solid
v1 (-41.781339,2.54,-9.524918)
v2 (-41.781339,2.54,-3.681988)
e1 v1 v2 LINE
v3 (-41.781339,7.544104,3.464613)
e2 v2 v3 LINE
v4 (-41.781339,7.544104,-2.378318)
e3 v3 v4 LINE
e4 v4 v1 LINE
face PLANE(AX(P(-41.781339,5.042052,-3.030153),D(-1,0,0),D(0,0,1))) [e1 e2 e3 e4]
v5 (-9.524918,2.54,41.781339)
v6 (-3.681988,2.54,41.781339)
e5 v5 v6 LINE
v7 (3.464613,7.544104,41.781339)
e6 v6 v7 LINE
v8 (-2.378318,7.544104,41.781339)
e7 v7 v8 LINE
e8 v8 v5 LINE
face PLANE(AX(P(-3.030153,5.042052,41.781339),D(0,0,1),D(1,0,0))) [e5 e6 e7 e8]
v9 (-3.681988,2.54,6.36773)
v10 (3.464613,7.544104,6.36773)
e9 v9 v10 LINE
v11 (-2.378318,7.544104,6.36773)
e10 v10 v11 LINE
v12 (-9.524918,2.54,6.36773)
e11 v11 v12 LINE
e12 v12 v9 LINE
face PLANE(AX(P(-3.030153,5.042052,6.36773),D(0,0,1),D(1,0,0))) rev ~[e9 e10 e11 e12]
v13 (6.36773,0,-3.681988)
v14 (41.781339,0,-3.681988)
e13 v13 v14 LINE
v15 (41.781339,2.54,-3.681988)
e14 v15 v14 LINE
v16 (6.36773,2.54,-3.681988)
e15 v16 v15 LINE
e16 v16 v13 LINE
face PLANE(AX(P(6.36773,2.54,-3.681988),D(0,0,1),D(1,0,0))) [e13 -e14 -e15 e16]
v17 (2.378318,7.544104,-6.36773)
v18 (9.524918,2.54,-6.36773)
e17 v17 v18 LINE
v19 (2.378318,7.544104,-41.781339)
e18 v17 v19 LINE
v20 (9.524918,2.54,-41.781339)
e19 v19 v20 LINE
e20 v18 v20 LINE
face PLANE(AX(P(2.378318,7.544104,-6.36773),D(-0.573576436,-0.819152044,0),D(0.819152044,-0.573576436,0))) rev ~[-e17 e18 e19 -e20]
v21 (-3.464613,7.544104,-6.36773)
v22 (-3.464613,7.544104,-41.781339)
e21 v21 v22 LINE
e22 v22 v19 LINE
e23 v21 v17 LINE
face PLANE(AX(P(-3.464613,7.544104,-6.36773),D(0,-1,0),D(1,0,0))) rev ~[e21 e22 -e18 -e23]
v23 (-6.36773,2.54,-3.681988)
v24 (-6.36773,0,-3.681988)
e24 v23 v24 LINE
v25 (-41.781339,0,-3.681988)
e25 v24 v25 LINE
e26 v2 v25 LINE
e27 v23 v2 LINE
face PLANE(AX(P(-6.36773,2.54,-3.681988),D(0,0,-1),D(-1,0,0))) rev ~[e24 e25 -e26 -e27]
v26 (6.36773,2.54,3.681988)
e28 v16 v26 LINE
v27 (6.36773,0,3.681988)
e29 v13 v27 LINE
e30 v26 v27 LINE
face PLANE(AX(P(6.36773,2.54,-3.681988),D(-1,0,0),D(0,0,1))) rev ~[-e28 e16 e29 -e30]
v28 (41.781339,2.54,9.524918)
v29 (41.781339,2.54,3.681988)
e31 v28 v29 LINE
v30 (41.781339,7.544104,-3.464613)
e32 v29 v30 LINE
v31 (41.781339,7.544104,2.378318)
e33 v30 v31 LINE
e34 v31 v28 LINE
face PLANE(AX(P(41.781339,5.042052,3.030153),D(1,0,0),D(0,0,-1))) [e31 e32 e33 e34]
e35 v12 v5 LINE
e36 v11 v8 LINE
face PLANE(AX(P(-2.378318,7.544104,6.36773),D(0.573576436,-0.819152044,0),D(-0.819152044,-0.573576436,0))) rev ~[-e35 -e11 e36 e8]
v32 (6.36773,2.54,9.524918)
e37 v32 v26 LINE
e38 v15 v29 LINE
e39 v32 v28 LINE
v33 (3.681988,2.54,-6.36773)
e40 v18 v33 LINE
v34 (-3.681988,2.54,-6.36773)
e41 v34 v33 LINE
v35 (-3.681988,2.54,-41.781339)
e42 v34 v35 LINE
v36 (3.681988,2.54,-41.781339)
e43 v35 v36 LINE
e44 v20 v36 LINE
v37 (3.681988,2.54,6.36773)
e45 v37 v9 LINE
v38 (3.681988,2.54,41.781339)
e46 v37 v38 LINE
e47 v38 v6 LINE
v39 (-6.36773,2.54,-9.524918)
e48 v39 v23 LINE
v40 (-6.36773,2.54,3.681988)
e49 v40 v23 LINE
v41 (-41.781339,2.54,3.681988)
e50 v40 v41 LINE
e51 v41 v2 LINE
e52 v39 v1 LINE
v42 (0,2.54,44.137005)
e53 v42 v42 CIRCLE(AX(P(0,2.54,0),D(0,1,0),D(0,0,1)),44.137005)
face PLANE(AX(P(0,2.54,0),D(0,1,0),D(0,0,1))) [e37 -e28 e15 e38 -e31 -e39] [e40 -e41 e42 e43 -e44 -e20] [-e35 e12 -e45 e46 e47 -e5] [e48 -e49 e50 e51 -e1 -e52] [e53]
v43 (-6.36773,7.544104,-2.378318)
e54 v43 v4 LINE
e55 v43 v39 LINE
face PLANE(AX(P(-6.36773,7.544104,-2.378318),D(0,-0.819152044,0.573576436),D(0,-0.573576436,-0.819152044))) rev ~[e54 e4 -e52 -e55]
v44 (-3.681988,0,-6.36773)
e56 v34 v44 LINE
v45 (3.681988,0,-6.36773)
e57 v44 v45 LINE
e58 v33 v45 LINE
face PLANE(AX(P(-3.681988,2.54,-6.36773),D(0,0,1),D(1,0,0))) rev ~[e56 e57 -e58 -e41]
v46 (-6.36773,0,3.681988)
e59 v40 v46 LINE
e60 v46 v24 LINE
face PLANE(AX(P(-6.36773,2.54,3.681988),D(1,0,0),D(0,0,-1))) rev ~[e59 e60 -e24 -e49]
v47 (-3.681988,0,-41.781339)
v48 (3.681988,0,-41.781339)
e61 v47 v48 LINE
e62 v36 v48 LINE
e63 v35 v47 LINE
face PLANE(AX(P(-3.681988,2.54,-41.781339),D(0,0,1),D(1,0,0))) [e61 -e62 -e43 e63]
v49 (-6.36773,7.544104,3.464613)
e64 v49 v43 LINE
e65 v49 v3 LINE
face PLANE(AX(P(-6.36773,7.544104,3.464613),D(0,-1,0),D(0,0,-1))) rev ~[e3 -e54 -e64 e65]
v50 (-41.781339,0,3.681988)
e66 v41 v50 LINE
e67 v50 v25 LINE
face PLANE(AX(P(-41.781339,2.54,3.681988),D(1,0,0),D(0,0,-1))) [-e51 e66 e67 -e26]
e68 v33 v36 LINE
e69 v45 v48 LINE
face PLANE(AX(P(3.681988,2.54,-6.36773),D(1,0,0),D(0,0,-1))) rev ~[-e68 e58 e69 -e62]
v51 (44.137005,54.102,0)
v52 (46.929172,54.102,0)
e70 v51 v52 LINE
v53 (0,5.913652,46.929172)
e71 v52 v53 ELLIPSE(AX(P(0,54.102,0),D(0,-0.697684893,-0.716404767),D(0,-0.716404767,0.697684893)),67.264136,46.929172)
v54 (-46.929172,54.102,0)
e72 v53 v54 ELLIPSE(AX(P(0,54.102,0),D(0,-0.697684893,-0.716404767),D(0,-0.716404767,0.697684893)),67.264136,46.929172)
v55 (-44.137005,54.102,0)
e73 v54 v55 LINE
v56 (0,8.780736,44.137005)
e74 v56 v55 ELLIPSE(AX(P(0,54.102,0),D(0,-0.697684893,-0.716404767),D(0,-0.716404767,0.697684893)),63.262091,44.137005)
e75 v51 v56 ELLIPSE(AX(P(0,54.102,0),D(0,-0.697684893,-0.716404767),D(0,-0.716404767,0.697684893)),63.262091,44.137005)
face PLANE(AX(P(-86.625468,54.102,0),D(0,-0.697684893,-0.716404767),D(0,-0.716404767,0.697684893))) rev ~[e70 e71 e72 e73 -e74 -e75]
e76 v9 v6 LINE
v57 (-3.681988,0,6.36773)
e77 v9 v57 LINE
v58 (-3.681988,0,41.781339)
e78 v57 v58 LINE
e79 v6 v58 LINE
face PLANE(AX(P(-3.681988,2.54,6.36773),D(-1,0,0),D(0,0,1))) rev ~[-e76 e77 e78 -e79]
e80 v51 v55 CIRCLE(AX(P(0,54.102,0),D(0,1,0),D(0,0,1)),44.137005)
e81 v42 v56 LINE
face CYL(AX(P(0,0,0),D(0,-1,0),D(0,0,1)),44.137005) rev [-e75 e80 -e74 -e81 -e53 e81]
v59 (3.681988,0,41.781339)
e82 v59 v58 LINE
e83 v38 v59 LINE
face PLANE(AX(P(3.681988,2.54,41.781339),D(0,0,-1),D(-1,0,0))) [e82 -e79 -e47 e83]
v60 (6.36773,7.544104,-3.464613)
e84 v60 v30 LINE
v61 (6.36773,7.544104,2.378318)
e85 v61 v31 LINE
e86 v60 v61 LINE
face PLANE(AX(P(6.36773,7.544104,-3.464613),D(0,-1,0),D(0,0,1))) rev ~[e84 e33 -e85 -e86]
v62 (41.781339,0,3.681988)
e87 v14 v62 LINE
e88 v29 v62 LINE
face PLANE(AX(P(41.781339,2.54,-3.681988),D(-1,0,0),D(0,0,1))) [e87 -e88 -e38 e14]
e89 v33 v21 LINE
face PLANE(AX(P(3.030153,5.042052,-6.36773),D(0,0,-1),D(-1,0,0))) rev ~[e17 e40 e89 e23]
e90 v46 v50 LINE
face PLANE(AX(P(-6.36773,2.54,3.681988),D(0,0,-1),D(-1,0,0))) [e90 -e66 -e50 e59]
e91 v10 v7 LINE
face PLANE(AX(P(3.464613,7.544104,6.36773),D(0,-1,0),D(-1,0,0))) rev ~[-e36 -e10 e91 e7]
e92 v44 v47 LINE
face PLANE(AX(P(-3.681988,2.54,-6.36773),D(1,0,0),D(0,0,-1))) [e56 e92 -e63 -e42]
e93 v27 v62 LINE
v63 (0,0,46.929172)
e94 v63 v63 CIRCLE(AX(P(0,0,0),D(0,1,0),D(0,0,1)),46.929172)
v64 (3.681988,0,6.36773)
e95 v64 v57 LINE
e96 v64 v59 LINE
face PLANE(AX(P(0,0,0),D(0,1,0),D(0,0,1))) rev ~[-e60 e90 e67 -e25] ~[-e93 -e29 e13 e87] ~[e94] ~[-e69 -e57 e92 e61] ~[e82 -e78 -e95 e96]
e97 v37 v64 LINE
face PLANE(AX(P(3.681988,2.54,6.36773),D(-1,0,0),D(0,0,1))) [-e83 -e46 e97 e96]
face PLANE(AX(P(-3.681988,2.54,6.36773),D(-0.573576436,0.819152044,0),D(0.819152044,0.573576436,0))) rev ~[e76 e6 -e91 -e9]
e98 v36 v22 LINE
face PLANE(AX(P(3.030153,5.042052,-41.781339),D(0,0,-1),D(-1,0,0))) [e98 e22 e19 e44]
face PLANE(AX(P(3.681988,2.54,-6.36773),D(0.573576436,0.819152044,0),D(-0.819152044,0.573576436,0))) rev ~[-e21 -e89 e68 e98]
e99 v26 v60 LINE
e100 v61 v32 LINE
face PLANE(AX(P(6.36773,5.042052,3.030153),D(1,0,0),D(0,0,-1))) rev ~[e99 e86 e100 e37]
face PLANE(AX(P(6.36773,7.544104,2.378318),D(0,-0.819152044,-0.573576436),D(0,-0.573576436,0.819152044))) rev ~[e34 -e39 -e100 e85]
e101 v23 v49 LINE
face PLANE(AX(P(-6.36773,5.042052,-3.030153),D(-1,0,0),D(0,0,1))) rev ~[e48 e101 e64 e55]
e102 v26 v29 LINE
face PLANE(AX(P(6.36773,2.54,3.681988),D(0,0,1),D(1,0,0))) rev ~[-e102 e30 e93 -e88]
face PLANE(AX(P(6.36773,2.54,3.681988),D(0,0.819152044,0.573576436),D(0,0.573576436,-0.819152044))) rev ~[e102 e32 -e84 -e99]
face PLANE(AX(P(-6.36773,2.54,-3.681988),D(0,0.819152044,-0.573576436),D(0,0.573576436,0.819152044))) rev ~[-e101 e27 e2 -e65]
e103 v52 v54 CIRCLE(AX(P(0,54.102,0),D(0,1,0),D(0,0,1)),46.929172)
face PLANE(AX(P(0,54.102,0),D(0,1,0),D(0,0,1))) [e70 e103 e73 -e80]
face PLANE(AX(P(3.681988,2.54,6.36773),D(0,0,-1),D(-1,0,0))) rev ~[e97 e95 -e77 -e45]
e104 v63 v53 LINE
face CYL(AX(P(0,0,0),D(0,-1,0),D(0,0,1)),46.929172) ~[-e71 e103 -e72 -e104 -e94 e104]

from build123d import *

# Parameters (mm, degrees)
SKETCH1_R               = 44.137005248
BOSS_EXTRUDE1_DEPTH     = 2.54
SKETCH2_W               = 7.363975328
SKETCH2_H               = 35.413609254
CUT_EXTRUDE1_DEPTH      = 2.54
BOSS_EXTRUDE2_START     = -6.36773
BOSS_EXTRUDE2_DEPTH     = 35.413609254
CIRPATTERN3_COUNT       = 4
SKETCH6_R               = 46.929171811
SKETCH6_R_2             = 44.137005248
BOSS_EXTRUDE3_DEPTH     = 54.102
CUT_EXTRUDE2_DEPTH      = 86.62546781
CUT_EXTRUDE2_DEPTH_BACK = 86.62546781


with BuildPart() as part:
    # Sketch1 → Boss-Extrude1 (new body)
    with BuildSketch(Plane(origin=(0, 0, 0), x_dir=(1, 0, 0), z_dir=(0, 1, 0))):
        with Locations(Location((0, 0, 0), (0, 0, 270))):
            Circle(SKETCH1_R)
    extrude(amount=BOSS_EXTRUDE1_DEPTH)

    # Sketch2 → Cut-Extrude1 (cut)
    with BuildSketch(Plane(origin=(0, 2.54, 0), x_dir=(1, 0, 0), z_dir=(0, 1, 0))):
        with Locations((0, 24.074534725)):
            Rectangle(SKETCH2_W, SKETCH2_H)
    cut_extrude1 = extrude(amount=-CUT_EXTRUDE1_DEPTH, mode=Mode.SUBTRACT)

    # Sketch3 → Boss-Extrude2 (add)
    with BuildSketch(Plane.XY.offset(BOSS_EXTRUDE2_START)):
        Polygon((3.681987664, 2.54), (-3.464612865, 7.544103563), (2.37831785, 7.544103563), (9.524918378, 2.54), align=None)
    boss_extrude2 = extrude(amount=-BOSS_EXTRUDE2_DEPTH)

    # CirPattern3: Cut-Extrude1, Boss-Extrude2 ×4 about axis
    cirpattern3_axis = Axis((0, 0, 0), (0, 1, 0))
    add([cut_extrude1.rotate(cirpattern3_axis, i * 360 / CIRPATTERN3_COUNT) for i in range(1, CIRPATTERN3_COUNT)], mode=Mode.SUBTRACT)
    add([boss_extrude2.rotate(cirpattern3_axis, i * 360 / CIRPATTERN3_COUNT) for i in range(1, CIRPATTERN3_COUNT)])

    # Sketch6 → Boss-Extrude3 (add)
    with BuildSketch(Plane(origin=(0, 0, 0), x_dir=(1, 0, 0), z_dir=(0, 1, 0))):
        with Locations(Location((0, 0, 0), (0, 0, 270))):
            Circle(SKETCH6_R)
        with Locations(Location((0, 0, 0), (0, 0, 270))):
            Circle(SKETCH6_R_2, mode=Mode.SUBTRACT)
    extrude(amount=BOSS_EXTRUDE3_DEPTH)

    # Sketch7 → Cut-Extrude2 (cut, two sides: drawn at the far end of the back side and taken through both)
    with BuildSketch(Plane(origin=(0, 0, 0), x_dir=(0, 0, -1), z_dir=(1, 0, 0)).offset(-CUT_EXTRUDE2_DEPTH_BACK)):
        Polygon((0, 54.102), (-46.929171811, 5.913652035), (-46.929171811, 54.102), align=None)
    extrude(amount=CUT_EXTRUDE2_DEPTH + CUT_EXTRUDE2_DEPTH_BACK, mode=Mode.SUBTRACT)


solid = part.part
